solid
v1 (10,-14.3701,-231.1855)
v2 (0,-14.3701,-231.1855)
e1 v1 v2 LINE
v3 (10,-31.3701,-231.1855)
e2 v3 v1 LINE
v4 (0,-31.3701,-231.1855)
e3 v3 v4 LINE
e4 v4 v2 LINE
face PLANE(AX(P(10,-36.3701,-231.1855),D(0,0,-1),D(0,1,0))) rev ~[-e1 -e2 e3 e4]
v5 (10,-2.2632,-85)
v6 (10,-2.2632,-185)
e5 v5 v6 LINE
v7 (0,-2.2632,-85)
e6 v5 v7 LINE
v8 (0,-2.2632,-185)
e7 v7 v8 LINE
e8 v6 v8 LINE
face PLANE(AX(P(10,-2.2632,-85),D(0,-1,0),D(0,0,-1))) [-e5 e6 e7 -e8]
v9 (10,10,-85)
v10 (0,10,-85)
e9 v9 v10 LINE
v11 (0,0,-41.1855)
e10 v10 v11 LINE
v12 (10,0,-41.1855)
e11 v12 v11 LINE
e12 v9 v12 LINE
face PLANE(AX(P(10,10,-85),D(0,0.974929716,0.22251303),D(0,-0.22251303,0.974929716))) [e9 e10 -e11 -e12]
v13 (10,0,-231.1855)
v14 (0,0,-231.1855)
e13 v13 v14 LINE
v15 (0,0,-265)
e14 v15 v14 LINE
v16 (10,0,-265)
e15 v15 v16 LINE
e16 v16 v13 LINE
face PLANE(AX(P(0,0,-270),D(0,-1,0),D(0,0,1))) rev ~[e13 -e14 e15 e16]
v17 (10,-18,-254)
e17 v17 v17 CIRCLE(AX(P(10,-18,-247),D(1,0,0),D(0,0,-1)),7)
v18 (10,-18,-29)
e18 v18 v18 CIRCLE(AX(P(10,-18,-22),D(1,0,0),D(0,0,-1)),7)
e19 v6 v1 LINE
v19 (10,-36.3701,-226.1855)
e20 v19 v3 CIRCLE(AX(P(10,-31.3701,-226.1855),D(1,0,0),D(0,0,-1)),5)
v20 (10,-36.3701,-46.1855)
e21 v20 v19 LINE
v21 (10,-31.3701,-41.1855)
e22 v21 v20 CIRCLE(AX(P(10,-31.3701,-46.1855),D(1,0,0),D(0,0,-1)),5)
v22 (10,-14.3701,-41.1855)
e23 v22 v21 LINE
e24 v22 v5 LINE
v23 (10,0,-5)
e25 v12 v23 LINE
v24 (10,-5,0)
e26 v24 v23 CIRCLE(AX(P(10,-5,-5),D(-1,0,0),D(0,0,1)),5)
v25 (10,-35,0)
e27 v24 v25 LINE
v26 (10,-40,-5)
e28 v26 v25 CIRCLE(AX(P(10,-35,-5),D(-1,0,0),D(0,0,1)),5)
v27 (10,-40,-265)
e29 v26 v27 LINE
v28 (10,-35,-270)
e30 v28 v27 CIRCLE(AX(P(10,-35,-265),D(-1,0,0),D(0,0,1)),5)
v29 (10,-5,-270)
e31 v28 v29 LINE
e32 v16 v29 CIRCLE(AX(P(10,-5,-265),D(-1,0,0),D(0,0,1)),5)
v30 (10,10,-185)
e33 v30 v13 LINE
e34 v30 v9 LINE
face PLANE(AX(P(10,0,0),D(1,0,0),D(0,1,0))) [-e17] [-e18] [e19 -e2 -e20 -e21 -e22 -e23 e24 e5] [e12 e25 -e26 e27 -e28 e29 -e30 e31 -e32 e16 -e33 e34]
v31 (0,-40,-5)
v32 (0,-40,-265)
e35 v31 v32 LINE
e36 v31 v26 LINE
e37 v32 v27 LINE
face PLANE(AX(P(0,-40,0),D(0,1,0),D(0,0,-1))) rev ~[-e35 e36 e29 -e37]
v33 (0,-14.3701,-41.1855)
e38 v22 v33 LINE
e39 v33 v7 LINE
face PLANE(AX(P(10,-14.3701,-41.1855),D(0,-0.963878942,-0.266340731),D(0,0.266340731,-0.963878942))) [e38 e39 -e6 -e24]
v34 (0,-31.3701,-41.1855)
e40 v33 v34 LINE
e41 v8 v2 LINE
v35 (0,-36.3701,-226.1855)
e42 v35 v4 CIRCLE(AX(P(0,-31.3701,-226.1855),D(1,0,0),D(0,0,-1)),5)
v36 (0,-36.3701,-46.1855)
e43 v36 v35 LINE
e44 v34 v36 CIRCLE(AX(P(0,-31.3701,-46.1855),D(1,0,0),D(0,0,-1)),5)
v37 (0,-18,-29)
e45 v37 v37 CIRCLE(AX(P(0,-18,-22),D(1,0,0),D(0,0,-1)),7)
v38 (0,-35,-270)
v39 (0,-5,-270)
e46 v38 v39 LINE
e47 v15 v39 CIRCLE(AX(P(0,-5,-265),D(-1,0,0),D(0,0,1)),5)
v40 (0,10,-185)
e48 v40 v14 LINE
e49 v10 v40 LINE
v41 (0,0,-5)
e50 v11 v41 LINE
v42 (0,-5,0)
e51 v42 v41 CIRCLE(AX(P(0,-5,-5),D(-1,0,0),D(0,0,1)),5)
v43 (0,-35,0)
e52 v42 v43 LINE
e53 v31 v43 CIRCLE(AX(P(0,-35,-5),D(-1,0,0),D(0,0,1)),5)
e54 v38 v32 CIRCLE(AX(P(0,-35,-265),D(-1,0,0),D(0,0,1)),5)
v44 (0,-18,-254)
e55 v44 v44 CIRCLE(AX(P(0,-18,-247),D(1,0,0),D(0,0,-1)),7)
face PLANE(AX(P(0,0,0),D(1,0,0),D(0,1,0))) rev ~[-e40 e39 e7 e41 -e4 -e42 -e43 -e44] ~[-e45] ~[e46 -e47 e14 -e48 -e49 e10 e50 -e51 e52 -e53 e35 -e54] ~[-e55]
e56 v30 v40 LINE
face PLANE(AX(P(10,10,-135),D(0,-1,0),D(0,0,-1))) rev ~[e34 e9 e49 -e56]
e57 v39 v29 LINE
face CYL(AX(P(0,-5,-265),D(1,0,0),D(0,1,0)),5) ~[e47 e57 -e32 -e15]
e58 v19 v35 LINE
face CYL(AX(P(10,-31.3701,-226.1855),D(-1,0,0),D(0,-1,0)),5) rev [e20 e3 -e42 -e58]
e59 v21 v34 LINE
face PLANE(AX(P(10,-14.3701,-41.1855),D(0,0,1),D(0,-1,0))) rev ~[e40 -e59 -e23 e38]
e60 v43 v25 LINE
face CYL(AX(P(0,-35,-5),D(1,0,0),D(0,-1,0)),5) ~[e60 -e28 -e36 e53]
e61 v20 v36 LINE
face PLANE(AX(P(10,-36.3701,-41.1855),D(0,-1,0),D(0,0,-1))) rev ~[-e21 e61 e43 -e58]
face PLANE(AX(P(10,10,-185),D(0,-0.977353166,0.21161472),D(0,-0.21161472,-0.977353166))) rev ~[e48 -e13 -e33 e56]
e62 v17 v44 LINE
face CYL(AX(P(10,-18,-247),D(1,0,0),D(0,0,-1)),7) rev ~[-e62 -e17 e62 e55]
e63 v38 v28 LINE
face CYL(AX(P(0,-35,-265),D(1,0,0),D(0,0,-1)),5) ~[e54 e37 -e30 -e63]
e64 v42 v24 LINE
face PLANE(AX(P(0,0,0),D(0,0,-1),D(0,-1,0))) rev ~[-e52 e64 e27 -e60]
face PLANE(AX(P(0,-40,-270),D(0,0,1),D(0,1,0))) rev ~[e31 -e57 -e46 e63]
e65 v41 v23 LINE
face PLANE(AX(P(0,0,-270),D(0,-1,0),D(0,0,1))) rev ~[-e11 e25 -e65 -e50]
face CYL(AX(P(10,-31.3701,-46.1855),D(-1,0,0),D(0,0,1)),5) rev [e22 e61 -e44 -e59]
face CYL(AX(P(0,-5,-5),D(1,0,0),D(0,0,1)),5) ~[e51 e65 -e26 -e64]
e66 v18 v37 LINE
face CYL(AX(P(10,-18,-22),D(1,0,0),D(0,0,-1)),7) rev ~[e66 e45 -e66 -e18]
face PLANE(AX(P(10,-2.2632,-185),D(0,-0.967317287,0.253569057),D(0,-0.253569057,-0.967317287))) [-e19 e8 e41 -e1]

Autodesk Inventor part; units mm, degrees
ref_plane "YZ Plane" through (0, 0, 0) normal (1, 0, 0) x (0, 1, 0)
ref_plane "XZ Plane" through (0, 0, 0) normal (0, 1, 0) x (-1, 0, 0)
ref_plane "XY Plane" through (0, 0, 0) normal (0, 0, 1) x (1, 0, 0)
sketch "Sketch2" plane through (0, 0, 0) normal (1, 0, 0) x (0, 1, 0)
  line L0 (0, 0) -> (-40, 0)
  line L1 (-40, 0) -> (-40, -270)
  line L2 (-40, -270) -> (0, -270)
  line L3 (0, -270) -> (0, 0)
  dimension "d0" = 40
  dimension "d1" = 270
extrude "Extrusion1" add sketch "Sketch2" along normal blind 10
sketch "Sketch3" plane through (10, 0, 0) normal (1, 0, 0) x (0, 0, -1)
  circle A0 centre (22, -18) radius 7
  line L0 (270, 0) -> (0, 0) projected
  dimension "d4" = 14
  dimension "d10" = 18
extrude "Extrusion2" cut sketch "Sketch3" against normal through all
sketch "Sketch4" plane through (10, 0, 0) normal (1, 0, 0) x (0, 0, -1)
  circle A0 centre (247, -18) radius 7
  line L0 (270, 0) -> (0, 0) projected
  dimension "d7" = 14
  dimension "d11" = 18
extrude "Extrusion3" cut sketch "Sketch4" against normal through all
sketch "Sketch5" plane through (10, 0, 0) normal (1, 0, 0) x (0, 0, -1)
  line L0 (41.1855, -36.3701) -> (231.1855, -36.3701)
  line L1 (231.1855, -36.3701) -> (231.1855, -14.3701)
  line L2 (231.1855, -14.3701) -> (41.1855, -14.3701)
  line L3 (41.1855, -14.3701) -> (41.1855, -36.3701)
  point P0 (0, 0)
  dimension "d14" = 22
  dimension "d15" = 190
extrude "Extrusion4" cut sketch "Sketch5" against normal through all
sketch "Sketch15" plane through (10, 0, 0) normal (1, 0, 0) x (0, 0, -1)
  line L0 (135, 10) -> (85, 10)
  line L1 (85, 10) -> (185, 10)
  line L2 (185, 10) -> (231.1855, 0)
  line L3 (270, 0) -> (0, 0) projected
  line L4 (85, 10) -> (41.1855, 0)
  line L5 (41.1855, -36.3701) -> (41.1855, -14.3701) projected
  line L6 (41.1855, -14.3701) -> (85, 0)
  line L7 (185, 0) -> (231.1855, -12.1069)
  point P0 (41.1855, -30)
  dimension "d37" = 50
  dimension "d38" = 100
extrude "Extrusion10" add sketch "Sketch15" against normal blind 10
sketch "Sketch16" plane through (10, 0, 0) normal (1, 0, 0) x (0, 0, -1)
  line L0 (41.1855, -14.3701) -> (231.1855, -14.3701) projected
  line L1 (41.1855, -14.3701) -> (85, -2.2632)
  line L2 (85, -2.2632) -> (185, -2.2632)
  line L3 (85, 10) -> (185, 10) projected
  line L4 (185, -2.2632) -> (231.1855, -14.3701)
  point P0 (0, 0)
extrude "Extrusion11" cut sketch "Sketch16" against normal through all
fillet "Fillet1" radius 5 6 edges at (5, -40, 0) (5, 0, 0) (5, -40, -270) (5, 0, -270) (5, -36.3701, -231.1855) (5, -36.3701, -41.1855)
properties part number "estructura union gusano"
